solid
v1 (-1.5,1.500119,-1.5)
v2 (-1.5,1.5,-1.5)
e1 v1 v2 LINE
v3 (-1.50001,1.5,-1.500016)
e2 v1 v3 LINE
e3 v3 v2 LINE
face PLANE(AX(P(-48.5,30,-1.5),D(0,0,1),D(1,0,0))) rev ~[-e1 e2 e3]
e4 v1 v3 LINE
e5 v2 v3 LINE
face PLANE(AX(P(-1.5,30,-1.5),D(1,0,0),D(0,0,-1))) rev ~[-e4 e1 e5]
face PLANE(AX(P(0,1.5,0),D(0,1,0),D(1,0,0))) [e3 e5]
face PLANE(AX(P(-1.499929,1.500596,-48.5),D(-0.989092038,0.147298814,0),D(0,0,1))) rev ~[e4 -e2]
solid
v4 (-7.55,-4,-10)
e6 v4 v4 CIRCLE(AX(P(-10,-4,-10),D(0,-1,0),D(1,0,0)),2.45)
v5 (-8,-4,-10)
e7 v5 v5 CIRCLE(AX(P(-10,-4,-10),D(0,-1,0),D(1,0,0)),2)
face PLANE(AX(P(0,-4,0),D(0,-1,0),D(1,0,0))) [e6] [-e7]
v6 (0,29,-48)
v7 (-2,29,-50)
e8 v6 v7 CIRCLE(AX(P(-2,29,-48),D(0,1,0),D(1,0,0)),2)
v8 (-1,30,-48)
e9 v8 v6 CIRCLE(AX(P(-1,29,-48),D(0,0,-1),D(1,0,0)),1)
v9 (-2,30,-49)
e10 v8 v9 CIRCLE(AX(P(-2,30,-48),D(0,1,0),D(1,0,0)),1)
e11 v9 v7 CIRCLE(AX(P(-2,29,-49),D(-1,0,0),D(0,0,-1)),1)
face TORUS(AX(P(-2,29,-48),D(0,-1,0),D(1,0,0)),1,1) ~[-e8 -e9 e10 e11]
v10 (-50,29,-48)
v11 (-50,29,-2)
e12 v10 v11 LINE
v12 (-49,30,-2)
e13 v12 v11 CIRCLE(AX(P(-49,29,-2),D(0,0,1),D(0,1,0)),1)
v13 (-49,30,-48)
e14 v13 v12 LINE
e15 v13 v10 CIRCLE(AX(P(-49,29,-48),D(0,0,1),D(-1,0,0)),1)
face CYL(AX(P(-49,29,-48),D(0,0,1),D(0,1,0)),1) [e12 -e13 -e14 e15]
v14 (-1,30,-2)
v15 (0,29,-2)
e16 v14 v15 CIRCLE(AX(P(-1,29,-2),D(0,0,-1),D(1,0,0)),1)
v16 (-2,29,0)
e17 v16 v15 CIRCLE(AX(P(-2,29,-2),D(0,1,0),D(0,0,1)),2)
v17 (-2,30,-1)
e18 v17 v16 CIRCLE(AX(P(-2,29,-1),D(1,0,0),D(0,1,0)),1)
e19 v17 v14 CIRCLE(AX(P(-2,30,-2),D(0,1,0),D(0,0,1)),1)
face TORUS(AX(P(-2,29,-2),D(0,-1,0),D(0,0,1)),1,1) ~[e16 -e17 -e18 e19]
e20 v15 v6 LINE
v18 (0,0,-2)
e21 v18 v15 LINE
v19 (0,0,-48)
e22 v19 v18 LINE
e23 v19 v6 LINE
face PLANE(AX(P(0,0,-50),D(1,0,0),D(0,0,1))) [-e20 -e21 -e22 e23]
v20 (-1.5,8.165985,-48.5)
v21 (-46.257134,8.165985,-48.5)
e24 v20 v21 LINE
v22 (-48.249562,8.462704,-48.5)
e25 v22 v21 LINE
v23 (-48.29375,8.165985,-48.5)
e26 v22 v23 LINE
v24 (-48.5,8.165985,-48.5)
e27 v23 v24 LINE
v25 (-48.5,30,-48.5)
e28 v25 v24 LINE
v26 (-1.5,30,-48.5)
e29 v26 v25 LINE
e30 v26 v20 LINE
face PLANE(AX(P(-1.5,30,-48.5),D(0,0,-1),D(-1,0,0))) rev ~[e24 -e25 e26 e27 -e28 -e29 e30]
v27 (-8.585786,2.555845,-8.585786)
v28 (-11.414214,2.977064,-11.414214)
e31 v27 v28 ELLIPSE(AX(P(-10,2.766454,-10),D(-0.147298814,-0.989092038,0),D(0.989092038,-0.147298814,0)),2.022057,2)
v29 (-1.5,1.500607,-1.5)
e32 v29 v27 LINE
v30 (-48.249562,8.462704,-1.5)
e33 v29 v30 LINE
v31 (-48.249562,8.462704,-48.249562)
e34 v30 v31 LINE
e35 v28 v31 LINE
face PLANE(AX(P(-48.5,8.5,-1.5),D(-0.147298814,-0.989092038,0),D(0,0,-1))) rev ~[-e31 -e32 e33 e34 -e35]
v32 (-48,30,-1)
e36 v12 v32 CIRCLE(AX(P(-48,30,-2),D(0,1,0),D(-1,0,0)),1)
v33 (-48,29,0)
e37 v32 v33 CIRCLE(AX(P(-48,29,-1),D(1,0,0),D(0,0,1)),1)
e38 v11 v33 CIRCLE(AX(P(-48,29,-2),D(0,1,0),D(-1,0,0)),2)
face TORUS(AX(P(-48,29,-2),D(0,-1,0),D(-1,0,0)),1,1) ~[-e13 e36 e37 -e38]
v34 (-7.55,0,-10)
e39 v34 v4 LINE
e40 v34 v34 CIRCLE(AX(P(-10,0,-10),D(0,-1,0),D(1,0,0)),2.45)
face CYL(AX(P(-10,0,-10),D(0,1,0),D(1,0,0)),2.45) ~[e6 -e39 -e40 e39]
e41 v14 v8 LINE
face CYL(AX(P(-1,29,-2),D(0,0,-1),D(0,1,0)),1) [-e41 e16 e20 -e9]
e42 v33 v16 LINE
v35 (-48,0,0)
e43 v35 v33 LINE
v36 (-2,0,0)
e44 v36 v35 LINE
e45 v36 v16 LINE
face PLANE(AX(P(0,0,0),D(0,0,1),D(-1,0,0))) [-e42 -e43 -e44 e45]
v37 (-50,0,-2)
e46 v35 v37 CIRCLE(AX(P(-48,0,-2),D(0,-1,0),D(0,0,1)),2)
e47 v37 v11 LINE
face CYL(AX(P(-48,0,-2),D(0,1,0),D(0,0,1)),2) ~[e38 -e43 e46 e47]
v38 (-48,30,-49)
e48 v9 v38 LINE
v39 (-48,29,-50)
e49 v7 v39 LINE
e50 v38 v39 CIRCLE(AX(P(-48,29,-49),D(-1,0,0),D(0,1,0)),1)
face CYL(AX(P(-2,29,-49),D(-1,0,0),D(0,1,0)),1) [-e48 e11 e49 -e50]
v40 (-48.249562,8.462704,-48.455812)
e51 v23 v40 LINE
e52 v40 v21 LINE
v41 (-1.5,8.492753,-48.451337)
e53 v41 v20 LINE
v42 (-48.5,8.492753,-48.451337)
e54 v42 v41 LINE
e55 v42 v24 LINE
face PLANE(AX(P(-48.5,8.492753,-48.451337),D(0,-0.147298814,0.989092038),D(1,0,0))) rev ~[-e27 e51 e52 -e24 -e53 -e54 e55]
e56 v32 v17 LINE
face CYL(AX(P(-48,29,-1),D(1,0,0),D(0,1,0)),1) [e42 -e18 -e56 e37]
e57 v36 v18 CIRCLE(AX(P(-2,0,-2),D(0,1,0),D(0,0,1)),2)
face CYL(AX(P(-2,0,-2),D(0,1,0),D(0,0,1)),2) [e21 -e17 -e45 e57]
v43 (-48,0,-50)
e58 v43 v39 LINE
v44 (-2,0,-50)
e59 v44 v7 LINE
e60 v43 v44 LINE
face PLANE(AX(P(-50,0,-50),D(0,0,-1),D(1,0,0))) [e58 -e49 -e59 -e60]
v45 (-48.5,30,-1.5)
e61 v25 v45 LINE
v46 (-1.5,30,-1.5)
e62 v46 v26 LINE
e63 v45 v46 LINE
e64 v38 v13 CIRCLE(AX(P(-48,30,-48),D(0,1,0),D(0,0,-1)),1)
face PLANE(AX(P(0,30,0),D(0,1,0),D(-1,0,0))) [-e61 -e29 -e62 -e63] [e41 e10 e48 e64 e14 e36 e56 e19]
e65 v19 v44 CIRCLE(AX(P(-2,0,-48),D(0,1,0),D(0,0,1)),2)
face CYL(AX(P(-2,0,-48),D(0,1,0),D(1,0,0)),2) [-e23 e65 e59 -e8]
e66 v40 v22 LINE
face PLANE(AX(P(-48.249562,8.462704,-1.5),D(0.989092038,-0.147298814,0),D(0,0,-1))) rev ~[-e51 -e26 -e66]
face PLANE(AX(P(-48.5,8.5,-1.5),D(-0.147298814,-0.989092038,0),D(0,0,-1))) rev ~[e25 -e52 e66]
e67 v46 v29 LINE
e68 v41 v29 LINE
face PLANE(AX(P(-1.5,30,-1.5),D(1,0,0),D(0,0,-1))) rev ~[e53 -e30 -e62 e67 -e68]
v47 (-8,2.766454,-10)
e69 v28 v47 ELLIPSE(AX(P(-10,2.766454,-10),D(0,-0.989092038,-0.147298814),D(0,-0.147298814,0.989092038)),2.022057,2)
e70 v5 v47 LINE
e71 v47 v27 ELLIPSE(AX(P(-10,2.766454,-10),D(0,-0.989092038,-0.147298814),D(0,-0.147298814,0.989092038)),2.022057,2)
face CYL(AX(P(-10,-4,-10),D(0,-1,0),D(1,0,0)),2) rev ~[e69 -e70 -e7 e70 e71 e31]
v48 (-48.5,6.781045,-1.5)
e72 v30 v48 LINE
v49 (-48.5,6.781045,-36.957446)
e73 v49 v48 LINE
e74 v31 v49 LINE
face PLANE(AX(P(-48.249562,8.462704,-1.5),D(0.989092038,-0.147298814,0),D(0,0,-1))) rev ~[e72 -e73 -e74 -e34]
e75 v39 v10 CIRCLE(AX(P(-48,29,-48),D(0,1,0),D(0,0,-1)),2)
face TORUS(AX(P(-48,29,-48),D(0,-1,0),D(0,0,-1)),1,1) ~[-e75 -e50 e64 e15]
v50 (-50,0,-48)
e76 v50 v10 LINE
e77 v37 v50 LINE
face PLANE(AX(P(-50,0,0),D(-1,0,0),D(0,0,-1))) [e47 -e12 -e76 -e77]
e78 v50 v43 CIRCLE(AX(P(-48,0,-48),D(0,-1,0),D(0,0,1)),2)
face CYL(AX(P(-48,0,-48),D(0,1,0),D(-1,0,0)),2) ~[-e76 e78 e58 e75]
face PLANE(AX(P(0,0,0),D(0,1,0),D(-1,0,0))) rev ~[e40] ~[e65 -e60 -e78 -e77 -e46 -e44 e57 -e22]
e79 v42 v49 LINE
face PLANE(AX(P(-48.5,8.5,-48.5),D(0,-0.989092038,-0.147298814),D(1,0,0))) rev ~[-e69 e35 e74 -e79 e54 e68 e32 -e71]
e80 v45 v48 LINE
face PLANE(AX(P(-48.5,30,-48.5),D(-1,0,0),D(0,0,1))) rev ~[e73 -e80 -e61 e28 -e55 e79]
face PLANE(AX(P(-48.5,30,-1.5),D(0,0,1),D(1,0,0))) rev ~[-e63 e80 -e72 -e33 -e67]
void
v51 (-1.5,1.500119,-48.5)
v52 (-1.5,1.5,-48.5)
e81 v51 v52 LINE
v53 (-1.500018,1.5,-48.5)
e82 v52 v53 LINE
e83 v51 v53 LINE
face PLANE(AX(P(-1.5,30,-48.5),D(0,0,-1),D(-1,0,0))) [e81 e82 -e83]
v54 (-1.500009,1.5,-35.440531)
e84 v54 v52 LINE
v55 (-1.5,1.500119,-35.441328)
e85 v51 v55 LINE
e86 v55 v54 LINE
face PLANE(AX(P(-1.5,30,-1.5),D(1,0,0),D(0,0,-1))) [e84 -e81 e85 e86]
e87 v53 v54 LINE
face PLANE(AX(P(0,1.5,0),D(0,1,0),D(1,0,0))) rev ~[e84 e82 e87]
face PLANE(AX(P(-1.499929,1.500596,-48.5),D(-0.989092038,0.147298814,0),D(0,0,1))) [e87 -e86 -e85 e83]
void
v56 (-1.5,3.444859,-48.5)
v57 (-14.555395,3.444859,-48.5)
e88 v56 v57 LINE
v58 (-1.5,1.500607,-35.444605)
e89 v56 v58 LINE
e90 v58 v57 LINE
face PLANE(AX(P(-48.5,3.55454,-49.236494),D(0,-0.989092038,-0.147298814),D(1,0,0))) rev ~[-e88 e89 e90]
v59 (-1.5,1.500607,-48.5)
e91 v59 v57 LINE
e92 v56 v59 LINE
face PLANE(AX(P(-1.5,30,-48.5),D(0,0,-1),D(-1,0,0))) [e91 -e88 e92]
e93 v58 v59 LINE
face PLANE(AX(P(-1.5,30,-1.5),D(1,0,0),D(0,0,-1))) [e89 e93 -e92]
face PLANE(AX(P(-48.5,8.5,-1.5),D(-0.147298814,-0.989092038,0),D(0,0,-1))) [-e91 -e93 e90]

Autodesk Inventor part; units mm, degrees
sketch "Эскиз1" plane through (0, 0, 0) normal (0, 1, 0) x (-1, 0, 0)
  line L0 (0, 0) -> (50, 0)
  line L1 (50, 0) -> (50, -50)
  line L2 (50, -50) -> (0, -50)
  line L3 (0, -50) -> (0, 0)
  dimension "d0" = 50
  dimension "d1" = 50
extrude "Выдавливание1" add sketch "Эскиз1" along normal blind 30
sketch "Эскиз2" plane through (0, 30, 0) normal (0, 1, 0) x (1, 0, 0)
  line L0 (-48.5, 1.5) -> (-1.5, 1.5)
  line L1 (-1.5, 1.5) -> (-1.5, 48.5)
  line L2 (-1.5, 48.5) -> (-48.5, 48.5)
  line L3 (-48.5, 48.5) -> (-48.5, 1.5)
  line L4 (-50, 0) -> (0, 0) projected
  line L5 (-50, 50) -> (-50, 0) projected
  dimension "d4" = 47
  dimension "d5" = 47
  dimension "d6" = 1.5
  dimension "d7" = 1.5
extrude "Выдавливание2" cut sketch "Эскиз2" against normal blind 28.5
ref_plane "РабПлоскость2" through (0, 8.5, 0) normal (0, 1, 0) x (1, 0, 0)
sketch "Эскиз9" plane through (0, 8.5, 0) normal (0, 1, 0) x (1, 0, 0)
  line L0 (-1.5, 1.5) -> (-48.5, 1.5) projected
  line L1 (-48.5, 48.5) -> (-1.5, 48.5) projected
  line L2 (-1.5, 1.5) -> (-48.5, 1.5)
  line L3 (-48.5, 1.5) -> (-48.5, 48.5)
  line L4 (-48.5, 48.5) -> (-1.5, 48.5)
  line L5 (-1.5, 48.5) -> (-1.5, 1.5)
  line L6 (-50, 0) -> (0, 0) projected
  line L7 (0, 0) -> (0, 50) projected
  line L8 (-50, 0) -> (0, 0)
  line L9 (0, 0) -> (0, 50)
  line L10 (0, 50) -> (-50, 50)
  line L11 (-50, 50) -> (-50, 0)
ref_plane "РабПлоскость3" through (-48.5, 8.5, -48.5) normal (0, -0.9891, -0.1473) x (1, 0, 0)
sketch "Эскиз11" plane through (-48.5, 8.5, -48.5) normal (0, -0.9891, -0.1473) x (1, 0, 0)
  line L0 (0, -3.1672) -> (0, 1.0312) projected
  line L1 (47, 47.5184) -> (0, 47.5184) projected
  line L2 (0, 0.0492) -> (47, 0.0492)
  line L3 (47, 0.0492) -> (47, 47.5184)
  line L4 (47, 47.5184) -> (0, 47.5184)
  line L5 (0, 47.5184) -> (0, 0.0492)
  point P0 (48.5, 49.223)
extrude "Выдавливание6" add sketch "Эскиз11" along normal blind 5
ref_plane "РабПлоскость4" through (0, 0, 0) normal (0, -1, 0) x (1, 0, 0)
split "Разделение1" plane through (0, 0, 0) removes the side toward (0, -1, 0)
ref_plane "РабПлоскость6" through (-48.5, 8.5, -1.5) normal (-0.1473, -0.9891, 0) x (0, 0, -1)
sketch "Эскиз12" plane through (-48.5, 8.5, -1.5) normal (-0.1473, -0.9891, 0) x (0, 0, -1)
  line L0 (47, 43.32) -> (47, 47.5184) projected
  line L1 (0, 0.2532) -> (47, 0.2532)
  line L2 (47, 0.2532) -> (47, 47.5184)
  line L3 (47, 47.5184) -> (0, 47.5184)
  line L4 (0, 47.5184) -> (0, 0.2532)
  point P0 (-1.5, 49.223)
extrude "Выдавливание7" add sketch "Эскиз12" along normal blind 50
split "Разделение2" plane through (0, 0, 0) removes the side toward (0, -1, 0)
sketch "Эскиз13" plane through (0, 0, 0) normal (0, -1, 0) x (1, 0, 0)
  circle A0 centre (-10, -10) radius 2.45
  line L0 (-50, 0) -> (0, 0) projected
  line L1 (0, 0) -> (0, -50) projected
  dimension "d33" = 4.9
  dimension "d34" = 10
  dimension "d35" = 10
extrude "Выдавливание8" add sketch "Эскиз13" along normal blind 4
sketch "Эскиз14" plane through (-10, -4, -10) normal (0, -1, 0) x (1, 0, 0)
  circle A0 centre (0, 0) radius 2
  point P0 (10, 10)
  dimension "d38" = 4
extrude "Выдавливание9" cut sketch "Эскиз14" against normal blind 40
fillet "Сопряжение2" radius 2 4 edges at (0, 15, 0) (0, 15, -50) (-50, 15, -50) (-50, 15, 0)
fillet "Сопряжение3" radius 1 8 edges at (-0.5858, 30, -49.4142) (-25, 30, -50) (-49.4142, 30, -49.4142) (-50, 30, -25) (-49.4142, 30, -0.5858) (-25, 30, 0) (-0.5858, 30, -0.5858) (0, 30, -25)
sketch "Эскиз15" plane through (0, 8.5, 0) normal (0, 1, 0) x (1, 0, 0)
  point P0 (0, 0)
properties part number "TubeExpander2"
